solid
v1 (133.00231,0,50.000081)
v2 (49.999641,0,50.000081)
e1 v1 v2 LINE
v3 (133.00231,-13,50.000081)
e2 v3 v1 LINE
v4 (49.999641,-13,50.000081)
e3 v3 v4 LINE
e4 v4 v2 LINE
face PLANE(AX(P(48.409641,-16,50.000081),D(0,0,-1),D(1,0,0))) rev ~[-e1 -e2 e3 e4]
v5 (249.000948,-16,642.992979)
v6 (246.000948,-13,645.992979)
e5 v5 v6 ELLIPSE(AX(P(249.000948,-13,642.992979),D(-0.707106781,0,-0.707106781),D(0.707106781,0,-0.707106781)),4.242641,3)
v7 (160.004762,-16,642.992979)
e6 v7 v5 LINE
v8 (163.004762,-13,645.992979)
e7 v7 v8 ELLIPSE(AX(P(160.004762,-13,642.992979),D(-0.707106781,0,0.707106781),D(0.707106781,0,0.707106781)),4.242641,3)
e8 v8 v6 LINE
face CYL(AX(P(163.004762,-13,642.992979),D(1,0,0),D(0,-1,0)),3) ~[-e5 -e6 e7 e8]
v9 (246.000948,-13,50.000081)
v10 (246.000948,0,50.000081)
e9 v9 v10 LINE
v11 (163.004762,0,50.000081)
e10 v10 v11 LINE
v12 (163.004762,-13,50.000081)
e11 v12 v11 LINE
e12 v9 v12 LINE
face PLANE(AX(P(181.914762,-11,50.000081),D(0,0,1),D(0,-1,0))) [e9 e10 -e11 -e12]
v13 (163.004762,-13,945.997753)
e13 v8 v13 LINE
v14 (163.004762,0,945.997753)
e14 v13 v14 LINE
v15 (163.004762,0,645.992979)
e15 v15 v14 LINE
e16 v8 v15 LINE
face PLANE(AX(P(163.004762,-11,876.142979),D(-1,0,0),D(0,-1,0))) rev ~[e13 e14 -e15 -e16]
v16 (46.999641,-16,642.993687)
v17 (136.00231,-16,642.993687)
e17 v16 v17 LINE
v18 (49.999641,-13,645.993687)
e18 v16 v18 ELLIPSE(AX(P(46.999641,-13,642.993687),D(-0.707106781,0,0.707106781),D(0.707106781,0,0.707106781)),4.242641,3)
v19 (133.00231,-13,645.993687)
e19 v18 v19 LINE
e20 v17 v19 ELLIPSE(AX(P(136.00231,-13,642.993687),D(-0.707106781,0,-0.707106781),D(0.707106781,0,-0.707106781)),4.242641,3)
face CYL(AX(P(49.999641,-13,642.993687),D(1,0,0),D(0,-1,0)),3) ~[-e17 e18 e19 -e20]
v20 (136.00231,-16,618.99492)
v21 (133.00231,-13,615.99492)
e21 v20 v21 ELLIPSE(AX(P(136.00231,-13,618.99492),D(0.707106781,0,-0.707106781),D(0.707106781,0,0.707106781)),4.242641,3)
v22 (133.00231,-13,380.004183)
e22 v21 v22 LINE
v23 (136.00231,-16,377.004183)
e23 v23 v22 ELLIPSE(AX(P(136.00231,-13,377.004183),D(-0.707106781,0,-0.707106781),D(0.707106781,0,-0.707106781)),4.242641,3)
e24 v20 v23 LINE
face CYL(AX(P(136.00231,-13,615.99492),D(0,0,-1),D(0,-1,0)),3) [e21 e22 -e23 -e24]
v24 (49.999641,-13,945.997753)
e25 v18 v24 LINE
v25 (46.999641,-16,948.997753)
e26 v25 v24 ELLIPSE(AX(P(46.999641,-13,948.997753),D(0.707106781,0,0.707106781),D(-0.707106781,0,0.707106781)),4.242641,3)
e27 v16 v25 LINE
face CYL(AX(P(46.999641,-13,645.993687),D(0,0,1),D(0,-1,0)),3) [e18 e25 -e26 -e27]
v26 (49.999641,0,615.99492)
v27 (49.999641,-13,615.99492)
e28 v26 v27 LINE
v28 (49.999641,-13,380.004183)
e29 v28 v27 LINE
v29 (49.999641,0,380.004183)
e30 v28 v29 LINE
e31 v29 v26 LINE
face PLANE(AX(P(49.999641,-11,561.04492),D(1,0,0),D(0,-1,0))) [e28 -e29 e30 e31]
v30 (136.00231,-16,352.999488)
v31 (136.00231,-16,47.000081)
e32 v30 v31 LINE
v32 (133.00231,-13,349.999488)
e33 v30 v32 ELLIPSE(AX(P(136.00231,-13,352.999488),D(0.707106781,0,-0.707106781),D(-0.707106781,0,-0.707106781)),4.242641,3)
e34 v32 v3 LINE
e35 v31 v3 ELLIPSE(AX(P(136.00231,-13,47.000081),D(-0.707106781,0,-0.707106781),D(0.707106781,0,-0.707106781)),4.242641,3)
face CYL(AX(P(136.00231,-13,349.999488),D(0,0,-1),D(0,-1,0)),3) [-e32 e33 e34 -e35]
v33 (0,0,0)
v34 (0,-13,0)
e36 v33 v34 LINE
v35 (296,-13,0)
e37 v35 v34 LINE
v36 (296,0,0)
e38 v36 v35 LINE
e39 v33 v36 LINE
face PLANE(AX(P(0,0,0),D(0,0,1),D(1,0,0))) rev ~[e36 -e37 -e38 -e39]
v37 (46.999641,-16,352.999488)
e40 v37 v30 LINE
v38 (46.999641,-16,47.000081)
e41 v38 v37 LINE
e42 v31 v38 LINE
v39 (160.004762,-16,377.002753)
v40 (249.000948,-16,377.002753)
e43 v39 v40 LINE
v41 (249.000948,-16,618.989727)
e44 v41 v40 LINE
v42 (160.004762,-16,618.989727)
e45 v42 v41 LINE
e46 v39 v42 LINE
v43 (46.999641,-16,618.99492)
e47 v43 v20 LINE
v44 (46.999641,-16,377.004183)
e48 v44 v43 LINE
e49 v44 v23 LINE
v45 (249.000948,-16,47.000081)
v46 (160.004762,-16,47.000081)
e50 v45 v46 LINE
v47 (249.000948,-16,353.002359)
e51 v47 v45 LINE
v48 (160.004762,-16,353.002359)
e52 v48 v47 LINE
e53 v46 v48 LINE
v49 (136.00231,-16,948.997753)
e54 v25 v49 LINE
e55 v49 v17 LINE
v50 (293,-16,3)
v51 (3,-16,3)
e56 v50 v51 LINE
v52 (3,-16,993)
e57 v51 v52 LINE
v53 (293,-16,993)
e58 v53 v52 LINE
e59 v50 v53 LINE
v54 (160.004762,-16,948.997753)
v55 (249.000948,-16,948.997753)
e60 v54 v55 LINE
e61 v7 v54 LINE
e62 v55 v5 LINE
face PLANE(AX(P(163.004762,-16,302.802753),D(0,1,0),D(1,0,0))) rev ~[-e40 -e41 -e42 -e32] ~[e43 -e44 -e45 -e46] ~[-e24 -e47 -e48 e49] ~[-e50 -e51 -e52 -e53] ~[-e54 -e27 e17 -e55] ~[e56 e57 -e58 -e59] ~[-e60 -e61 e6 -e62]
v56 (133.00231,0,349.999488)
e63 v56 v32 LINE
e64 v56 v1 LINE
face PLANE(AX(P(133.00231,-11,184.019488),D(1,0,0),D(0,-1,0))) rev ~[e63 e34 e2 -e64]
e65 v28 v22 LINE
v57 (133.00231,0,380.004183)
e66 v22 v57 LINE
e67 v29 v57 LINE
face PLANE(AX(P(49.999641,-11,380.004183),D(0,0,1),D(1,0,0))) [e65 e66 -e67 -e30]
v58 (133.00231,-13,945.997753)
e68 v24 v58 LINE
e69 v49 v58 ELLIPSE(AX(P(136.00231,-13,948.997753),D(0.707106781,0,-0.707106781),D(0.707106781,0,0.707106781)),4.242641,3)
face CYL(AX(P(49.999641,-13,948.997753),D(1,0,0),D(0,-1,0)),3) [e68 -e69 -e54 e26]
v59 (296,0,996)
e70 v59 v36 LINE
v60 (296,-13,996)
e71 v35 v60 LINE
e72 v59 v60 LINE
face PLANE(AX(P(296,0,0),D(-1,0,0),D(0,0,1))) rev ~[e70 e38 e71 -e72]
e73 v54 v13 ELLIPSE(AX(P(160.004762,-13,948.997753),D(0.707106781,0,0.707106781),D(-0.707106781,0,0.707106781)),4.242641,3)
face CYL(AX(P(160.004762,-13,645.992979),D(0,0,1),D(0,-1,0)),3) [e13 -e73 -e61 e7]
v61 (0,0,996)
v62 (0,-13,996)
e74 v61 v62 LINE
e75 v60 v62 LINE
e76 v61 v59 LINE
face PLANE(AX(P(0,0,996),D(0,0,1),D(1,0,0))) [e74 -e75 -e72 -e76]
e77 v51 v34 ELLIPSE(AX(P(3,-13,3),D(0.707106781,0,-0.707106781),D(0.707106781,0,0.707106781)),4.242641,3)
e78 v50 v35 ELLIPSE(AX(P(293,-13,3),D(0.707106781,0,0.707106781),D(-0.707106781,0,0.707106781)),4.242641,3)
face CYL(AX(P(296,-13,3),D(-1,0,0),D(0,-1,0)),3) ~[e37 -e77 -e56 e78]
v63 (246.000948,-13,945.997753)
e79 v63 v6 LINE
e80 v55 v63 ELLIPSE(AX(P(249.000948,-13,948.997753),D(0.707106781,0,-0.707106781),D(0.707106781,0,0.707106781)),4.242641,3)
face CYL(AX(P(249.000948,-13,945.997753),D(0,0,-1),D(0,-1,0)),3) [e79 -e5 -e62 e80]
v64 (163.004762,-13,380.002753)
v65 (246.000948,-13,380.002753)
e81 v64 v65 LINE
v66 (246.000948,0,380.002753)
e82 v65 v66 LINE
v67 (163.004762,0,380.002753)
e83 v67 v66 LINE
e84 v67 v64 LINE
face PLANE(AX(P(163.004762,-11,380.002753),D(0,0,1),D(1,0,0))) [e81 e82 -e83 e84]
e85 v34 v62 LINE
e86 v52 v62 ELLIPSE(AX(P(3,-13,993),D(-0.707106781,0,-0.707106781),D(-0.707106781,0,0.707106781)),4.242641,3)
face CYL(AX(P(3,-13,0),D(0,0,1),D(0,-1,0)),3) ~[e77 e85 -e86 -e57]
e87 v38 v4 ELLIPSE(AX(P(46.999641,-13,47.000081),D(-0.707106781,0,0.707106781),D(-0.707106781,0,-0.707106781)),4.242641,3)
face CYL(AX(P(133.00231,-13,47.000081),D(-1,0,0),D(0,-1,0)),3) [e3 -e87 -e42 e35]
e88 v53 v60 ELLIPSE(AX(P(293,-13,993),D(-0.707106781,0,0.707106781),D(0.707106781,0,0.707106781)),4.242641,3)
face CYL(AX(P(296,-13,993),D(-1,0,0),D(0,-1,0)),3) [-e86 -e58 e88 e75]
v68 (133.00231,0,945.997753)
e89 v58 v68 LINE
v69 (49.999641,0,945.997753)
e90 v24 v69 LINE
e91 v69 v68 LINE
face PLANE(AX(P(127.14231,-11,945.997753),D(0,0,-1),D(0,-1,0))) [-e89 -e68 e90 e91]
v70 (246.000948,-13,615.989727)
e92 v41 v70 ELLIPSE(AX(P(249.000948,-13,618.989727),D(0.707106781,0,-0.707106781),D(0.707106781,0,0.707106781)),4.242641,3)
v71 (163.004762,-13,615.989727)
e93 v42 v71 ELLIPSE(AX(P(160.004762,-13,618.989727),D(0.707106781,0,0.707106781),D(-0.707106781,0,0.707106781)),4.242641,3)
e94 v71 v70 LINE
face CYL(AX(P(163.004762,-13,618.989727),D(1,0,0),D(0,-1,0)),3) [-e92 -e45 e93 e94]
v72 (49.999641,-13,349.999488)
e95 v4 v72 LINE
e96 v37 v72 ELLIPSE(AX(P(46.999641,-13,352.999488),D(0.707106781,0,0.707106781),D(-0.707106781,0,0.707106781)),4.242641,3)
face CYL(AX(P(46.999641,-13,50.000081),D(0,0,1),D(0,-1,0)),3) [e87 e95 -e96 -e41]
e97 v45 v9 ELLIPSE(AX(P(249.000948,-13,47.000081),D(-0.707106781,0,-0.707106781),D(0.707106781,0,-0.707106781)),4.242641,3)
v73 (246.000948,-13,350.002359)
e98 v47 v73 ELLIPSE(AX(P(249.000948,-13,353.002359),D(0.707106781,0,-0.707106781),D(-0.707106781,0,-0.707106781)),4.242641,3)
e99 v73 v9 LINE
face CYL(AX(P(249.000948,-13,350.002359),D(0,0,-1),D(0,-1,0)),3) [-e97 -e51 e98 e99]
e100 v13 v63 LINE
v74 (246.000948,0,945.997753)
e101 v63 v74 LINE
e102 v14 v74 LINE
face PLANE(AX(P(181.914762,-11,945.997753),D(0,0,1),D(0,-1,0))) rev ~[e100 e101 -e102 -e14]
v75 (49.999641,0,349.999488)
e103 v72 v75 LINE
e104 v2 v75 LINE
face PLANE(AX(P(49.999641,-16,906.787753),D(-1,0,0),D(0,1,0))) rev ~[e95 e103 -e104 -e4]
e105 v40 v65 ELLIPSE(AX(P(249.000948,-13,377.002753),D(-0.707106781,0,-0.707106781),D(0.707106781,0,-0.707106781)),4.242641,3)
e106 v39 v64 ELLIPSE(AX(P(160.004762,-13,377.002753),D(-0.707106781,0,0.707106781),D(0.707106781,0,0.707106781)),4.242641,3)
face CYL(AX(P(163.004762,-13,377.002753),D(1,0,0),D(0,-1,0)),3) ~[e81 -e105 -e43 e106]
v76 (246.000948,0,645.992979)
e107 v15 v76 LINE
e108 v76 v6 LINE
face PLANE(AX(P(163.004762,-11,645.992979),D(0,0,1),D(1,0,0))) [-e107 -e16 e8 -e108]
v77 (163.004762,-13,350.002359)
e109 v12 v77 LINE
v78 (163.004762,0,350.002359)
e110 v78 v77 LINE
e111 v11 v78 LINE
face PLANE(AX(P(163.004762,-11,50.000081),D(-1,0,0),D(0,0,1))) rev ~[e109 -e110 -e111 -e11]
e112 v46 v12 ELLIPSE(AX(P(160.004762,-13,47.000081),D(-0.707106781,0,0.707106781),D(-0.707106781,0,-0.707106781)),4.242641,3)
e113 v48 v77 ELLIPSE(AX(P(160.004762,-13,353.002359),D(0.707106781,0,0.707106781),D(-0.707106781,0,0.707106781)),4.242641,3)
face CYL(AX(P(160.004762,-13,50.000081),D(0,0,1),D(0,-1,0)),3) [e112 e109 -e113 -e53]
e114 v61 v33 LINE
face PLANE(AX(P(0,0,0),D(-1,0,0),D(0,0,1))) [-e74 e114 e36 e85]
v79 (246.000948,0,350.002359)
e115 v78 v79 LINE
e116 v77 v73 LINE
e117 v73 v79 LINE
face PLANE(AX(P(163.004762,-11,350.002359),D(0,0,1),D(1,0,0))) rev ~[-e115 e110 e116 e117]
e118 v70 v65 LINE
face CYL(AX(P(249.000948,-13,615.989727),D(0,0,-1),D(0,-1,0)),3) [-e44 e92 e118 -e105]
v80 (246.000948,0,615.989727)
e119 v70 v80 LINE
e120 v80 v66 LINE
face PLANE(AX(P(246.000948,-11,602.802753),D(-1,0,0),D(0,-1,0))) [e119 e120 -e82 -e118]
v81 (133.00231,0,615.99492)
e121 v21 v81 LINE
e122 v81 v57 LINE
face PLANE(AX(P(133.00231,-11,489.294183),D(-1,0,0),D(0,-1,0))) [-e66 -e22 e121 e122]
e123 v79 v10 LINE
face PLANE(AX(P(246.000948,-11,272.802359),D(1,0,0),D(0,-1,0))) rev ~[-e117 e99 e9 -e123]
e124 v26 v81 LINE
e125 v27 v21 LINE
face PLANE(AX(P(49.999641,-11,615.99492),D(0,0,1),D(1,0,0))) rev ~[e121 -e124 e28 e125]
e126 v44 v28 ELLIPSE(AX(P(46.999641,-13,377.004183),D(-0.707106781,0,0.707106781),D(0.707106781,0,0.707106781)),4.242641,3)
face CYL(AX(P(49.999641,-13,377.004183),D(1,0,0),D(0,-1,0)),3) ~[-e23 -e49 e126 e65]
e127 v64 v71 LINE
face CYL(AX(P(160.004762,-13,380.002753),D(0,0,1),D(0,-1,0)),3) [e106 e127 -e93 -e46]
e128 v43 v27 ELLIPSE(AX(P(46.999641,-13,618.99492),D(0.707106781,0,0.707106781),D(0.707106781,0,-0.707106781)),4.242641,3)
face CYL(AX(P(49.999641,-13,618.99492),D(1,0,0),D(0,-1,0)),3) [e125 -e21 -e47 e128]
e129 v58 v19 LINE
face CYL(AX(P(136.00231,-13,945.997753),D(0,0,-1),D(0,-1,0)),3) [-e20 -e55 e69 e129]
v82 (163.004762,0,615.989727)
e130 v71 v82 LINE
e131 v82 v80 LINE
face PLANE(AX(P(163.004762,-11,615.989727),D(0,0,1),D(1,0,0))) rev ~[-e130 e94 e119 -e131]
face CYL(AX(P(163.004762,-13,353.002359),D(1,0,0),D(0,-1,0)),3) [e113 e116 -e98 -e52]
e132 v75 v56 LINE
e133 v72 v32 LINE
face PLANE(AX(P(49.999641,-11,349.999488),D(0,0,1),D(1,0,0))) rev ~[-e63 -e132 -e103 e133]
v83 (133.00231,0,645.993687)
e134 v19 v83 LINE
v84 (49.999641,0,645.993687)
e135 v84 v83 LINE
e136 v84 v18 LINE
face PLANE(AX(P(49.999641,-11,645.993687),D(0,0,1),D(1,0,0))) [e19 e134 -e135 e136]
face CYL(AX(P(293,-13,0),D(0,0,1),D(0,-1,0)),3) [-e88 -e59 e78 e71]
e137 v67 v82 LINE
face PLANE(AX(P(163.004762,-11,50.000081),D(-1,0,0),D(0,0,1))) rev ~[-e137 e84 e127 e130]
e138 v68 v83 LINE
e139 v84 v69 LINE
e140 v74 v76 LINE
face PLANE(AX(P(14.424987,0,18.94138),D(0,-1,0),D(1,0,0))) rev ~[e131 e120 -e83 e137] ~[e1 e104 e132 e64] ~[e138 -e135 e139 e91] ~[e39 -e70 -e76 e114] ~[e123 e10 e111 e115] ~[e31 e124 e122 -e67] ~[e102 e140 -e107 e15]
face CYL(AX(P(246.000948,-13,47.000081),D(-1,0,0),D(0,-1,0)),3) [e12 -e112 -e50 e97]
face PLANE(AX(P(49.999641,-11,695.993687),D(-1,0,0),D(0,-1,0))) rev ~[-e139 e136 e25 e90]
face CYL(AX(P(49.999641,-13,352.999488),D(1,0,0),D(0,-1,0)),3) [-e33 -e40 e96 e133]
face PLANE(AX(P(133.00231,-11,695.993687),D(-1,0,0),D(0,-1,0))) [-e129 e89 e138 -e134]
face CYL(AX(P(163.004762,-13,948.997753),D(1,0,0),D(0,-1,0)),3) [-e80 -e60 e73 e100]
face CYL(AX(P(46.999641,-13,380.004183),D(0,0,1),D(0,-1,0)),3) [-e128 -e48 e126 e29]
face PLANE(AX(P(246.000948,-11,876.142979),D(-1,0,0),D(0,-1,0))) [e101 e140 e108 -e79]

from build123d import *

# Parameters (mm, degrees)
F0_W      = 28.8499742746
F0_H      = 37.8827601671
F1_DEPTH  = 16
F2_DEPTH  = 296
F3_DEPTH  = 996
F4_W      = 199.8313069344
F4_H      = 801.1276721954
F5_DEPTH  = 5
F6_DEPTH  = 39.21
F7_DEPTH  = 2.24
F8_DEPTH  = 55.66
F9_DEPTH  = 1.59
F10_W     = 54.77245152
F10_H     = 895.9976721954
F11_DEPTH = 5
F12_DEPTH = 5.86
F13_DEPTH = 18.91
F14_W     = 83.0026693535
F14_H     = 34.9487662315
F14_H_2   = 55.274695158
F15_W     = 82.9961860609
F15_H     = 44.8832511902
F15_H_2   = 52.5203943253
F16_DEPTH = 5
F17_DEPTH = 300
F18_DEPTH = 300
F19_DEPTH = 324.79
F20_DEPTH = 324.79
F21_DEPTH = 250
F22_DEPTH = 250
F23_DEPTH = 100
F24_DEPTH = 100
F25_DEPTH = 50
F26_DEPTH = 50
F27_DEPTH = 134.02
F28_DEPTH = 100
F29_DEPTH = 100
F30_DEPTH = 100
F31_DEPTH = 50
F32_DEPTH = 54.95
F33_DEPTH = 50
F34_DEPTH = 109.29
F35_DEPTH = 14.88
F36_DEPTH = 230.15
F37_DEPTH = 230.15
F38_DEPTH = 22.52
F39_DEPTH = 77.2
F40_DEPTH = 77.2
F41_DEPTH = 11
F42_R     = 3


with BuildPart() as f1:
    # F0 (on Front) → F1 (new body)
    with BuildSketch(Plane.XZ):
        with Locations((14.4249871373, 18.9413800836)):
            Rectangle(F0_W, F0_H)
    extrude(amount=F1_DEPTH)

    # F2 (add): a face of the model
    f2_faces = [f1.faces().sort_by_distance(p)[0] for p in [
        (0, -8, 18.9413800836),
    ]]
    extrude(f2_faces, amount=-F2_DEPTH)

    # F3 (add): a face of the model
    f3_faces = [f1.faces().sort_by_distance(p)[0] for p in [
        (148, -8, 0),
    ]]
    extrude(f3_faces, amount=-F3_DEPTH)

    # F4 (on face) → F5 (cut)
    with BuildSketch(Plane.XZ.offset(16)):
        with Locations((148.3252942562, 506.2239170074)):
            Rectangle(F4_W, F4_H)
    extrude(amount=-F5_DEPTH, mode=Mode.SUBTRACT)

    # F6 (cut): a face of the model
    f6_faces = [f1.faces().sort_by_distance(p)[0] for p in [
        (148.3252942562, -13.5, 906.7877531052),
    ]]
    extrude(f6_faces, amount=-F6_DEPTH, mode=Mode.SUBTRACT)

    # F7 (add): a face of the model
    f7_faces = [f1.faces().sort_by_distance(p)[0] for p in [
        (248.2409477234, -13.5, 525.8289170074),
    ]]
    extrude(f7_faces, amount=F7_DEPTH)

    # F8 (cut): a face of the model
    f8_faces = [f1.faces().sort_by_distance(p)[0] for p in [
        (147.2052942562, -13.5, 105.6600809097),
    ]]
    extrude(f8_faces, amount=-F8_DEPTH, mode=Mode.SUBTRACT)

    # F9 (add): a face of the model
    f9_faces = [f1.faces().sort_by_distance(p)[0] for p in [
        (48.409640789, -13.5, 497.9989170074),
    ]]
    extrude(f9_faces, amount=F9_DEPTH)

    # F10 (on face) → F11 (join)
    with BuildSketch(Plane.XZ.offset(11)):
        with Locations((154.5285359025, 497.9989170074)):
            Rectangle(F10_W, F10_H)
    extrude(amount=F11_DEPTH)

    # F12 (cut): a face of the model
    f12_faces = [f1.faces().sort_by_distance(p)[0] for p in [
        (127.1423101425, -13.5, 497.9989170074),
    ]]
    extrude(f12_faces, amount=-F12_DEPTH, mode=Mode.SUBTRACT)

    # F13 (cut): a face of the model
    f13_faces = [f1.faces().sort_by_distance(p)[0] for p in [
        (181.9147616625, -13.5, 497.9989170074),
    ]]
    extrude(f13_faces, amount=-F13_DEPTH, mode=Mode.SUBTRACT)

    # F14 (on face) + F15 (on face) → F16 (join)
    with BuildSketch(Plane.XZ.offset(11)):
        with Locations((91.5009754658, 853.3093035221)):
            Rectangle(F14_W, F14_H)
        with Locations((91.5009754658, 511.6568356752)):
            Rectangle(F14_W, F14_H_2)
    with BuildSketch(Plane.XZ.offset(11)):
        with Locations((204.5028546929, 853.7013530731)):
            Rectangle(F15_W, F15_H)
        with Locations((204.5028546929, 576.5425562859)):
            Rectangle(F15_W, F15_H_2)
    extrude(amount=F16_DEPTH)

    # F17 (add): faces of the model
    f17_faces = [f1.faces().sort_by_distance(p)[0] for p in [
        (204.5028546929, -13.5, 550.2823591232),
        (91.5009754658, -13.5, 484.0194880962),
    ]]
    extrude(f17_faces, amount=F17_DEPTH)

    # F18 (cut): faces of the model
    f18_faces = [f1.faces().sort_by_distance(p)[0] for p in [
        (91.5009754658, -13.5, 539.2941832542),
        (204.5028546929, -13.5, 602.8027534485),
    ]]
    extrude(f18_faces, amount=-F18_DEPTH, mode=Mode.SUBTRACT)

    # F19 (add): a face of the model
    f19_faces = [f1.faces().sort_by_distance(p)[0] for p in [
        (91.5009754658, -13.5, 835.8349204063),
    ]]
    extrude(f19_faces, amount=F19_DEPTH)

    # F20 (cut): a face of the model
    f20_faces = [f1.faces().sort_by_distance(p)[0] for p in [
        (91.5009754658, -13.5, 870.7836866379),
    ]]
    extrude(f20_faces, amount=-F20_DEPTH, mode=Mode.SUBTRACT)

    # F21 (add): a face of the model
    f21_faces = [f1.faces().sort_by_distance(p)[0] for p in [
        (91.5009754658, -13.5, 239.2941832542),
    ]]
    extrude(f21_faces, amount=F21_DEPTH)

    # F22 (cut): a face of the model
    f22_faces = [f1.faces().sort_by_distance(p)[0] for p in [
        (91.5009754658, -13.5, 184.0194880962),
    ]]
    extrude(f22_faces, amount=-F22_DEPTH, mode=Mode.SUBTRACT)

    # F23 (add): a face of the model
    f23_faces = [f1.faces().sort_by_distance(p)[0] for p in [
        (91.5009754658, -13.5, 545.9936866379),
    ]]
    extrude(f23_faces, amount=F23_DEPTH)

    # F24 (cut): a face of the model
    f24_faces = [f1.faces().sort_by_distance(p)[0] for p in [
        (91.5009754658, -13.5, 511.0449204063),
    ]]
    extrude(f24_faces, amount=-F24_DEPTH, mode=Mode.SUBTRACT)

    # F25 (add): a face of the model
    f25_faces = [f1.faces().sort_by_distance(p)[0] for p in [
        (91.5009754658, -13.5, 645.9936866379),
    ]]
    extrude(f25_faces, amount=F25_DEPTH)

    # F26 (cut): a face of the model
    f26_faces = [f1.faces().sort_by_distance(p)[0] for p in [
        (91.5009754658, -13.5, 611.0449204063),
    ]]
    extrude(f26_faces, amount=-F26_DEPTH, mode=Mode.SUBTRACT)

    # F27 (add): a face of the model
    f27_faces = [f1.faces().sort_by_distance(p)[0] for p in [
        (91.5009754658, -13.5, 434.0194880962),
    ]]
    extrude(f27_faces, amount=F27_DEPTH)

    # F28 (cut): a face of the model
    f28_faces = [f1.faces().sort_by_distance(p)[0] for p in [
        (91.5009754658, -13.5, 299.9994880962),
    ]]
    extrude(f28_faces, amount=-F28_DEPTH, mode=Mode.SUBTRACT)

    # F29 (add): a face of the model
    f29_faces = [f1.faces().sort_by_distance(p)[0] for p in [
        (91.5009754658, -13.5, 661.0449204063),
    ]]
    extrude(f29_faces, amount=F29_DEPTH)

    # F30 (cut): a face of the model
    f30_faces = [f1.faces().sort_by_distance(p)[0] for p in [
        (91.5009754658, -13.5, 695.9936866379),
    ]]
    extrude(f30_faces, amount=-F30_DEPTH, mode=Mode.SUBTRACT)

    # F31 (add): a face of the model
    f31_faces = [f1.faces().sort_by_distance(p)[0] for p in [
        (91.5009754658, -13.5, 595.9936866379),
    ]]
    extrude(f31_faces, amount=F31_DEPTH)

    # F32 (cut): a face of the model
    f32_faces = [f1.faces().sort_by_distance(p)[0] for p in [
        (91.5009754658, -13.5, 561.0449204063),
    ]]
    extrude(f32_faces, amount=-F32_DEPTH, mode=Mode.SUBTRACT)

    # F33 (add): a face of the model
    f33_faces = [f1.faces().sort_by_distance(p)[0] for p in [
        (91.5009754658, -13.5, 399.9994880962),
    ]]
    extrude(f33_faces, amount=F33_DEPTH)

    # F34 (cut): a face of the model
    f34_faces = [f1.faces().sort_by_distance(p)[0] for p in [
        (91.5009754658, -13.5, 489.2941832542),
    ]]
    extrude(f34_faces, amount=-F34_DEPTH, mode=Mode.SUBTRACT)

    # F35 (cut): a face of the model
    f35_faces = [f1.faces().sort_by_distance(p)[0] for p in [
        (204.5028546929, -13.5, 831.259727478),
    ]]
    extrude(f35_faces, amount=-F35_DEPTH, mode=Mode.SUBTRACT)

    # F36 (add): a face of the model
    f36_faces = [f1.faces().sort_by_distance(p)[0] for p in [
        (204.5028546929, -13.5, 846.139727478),
    ]]
    extrude(f36_faces, amount=F36_DEPTH)

    # F37 (cut): a face of the model
    f37_faces = [f1.faces().sort_by_distance(p)[0] for p in [
        (204.5028546929, -13.5, 876.1429786682),
    ]]
    extrude(f37_faces, amount=-F37_DEPTH, mode=Mode.SUBTRACT)

    # F38 (cut): a face of the model
    f38_faces = [f1.faces().sort_by_distance(p)[0] for p in [
        (204.5028546929, -13.5, 250.2823591232),
    ]]
    extrude(f38_faces, amount=-F38_DEPTH, mode=Mode.SUBTRACT)

    # F39 (add): a face of the model
    f39_faces = [f1.faces().sort_by_distance(p)[0] for p in [
        (204.5028546929, -13.5, 302.8027534485),
    ]]
    extrude(f39_faces, amount=F39_DEPTH)

    # F40 (cut): a face of the model
    f40_faces = [f1.faces().sort_by_distance(p)[0] for p in [
        (204.5028546929, -13.5, 272.8023591232),
    ]]
    extrude(f40_faces, amount=-F40_DEPTH, mode=Mode.SUBTRACT)

    # F41 (cut): faces of the model
    f41_faces = [f1.faces().sort_by_distance(p)[0] for p in [
        (91.5009754658, -11, 795.9957198715),
        (204.5028546929, -11, 795.9953658867),
        (204.5028546929, -11, 497.9962404633),
        (91.5009754658, -11, 497.9995518303),
        (91.5009754658, -11, 199.999784503),
        (204.5028546929, -11, 200.0012200165),
    ]]
    extrude(f41_faces, amount=-F41_DEPTH, mode=Mode.SUBTRACT)

    # F42
    f42_edges = [f1.edges().sort_by_distance(p)[0] for p in [
        (0, -16, 498),
        (148, -16, 0),
        (296, -16, 498),
        (148, -16, 996),
        (133.00231, -16, 199.999785),
        (91.500975, -16, 50.000081),
        (49.999641, -16, 199.999785),
        (91.500975, -16, 349.999488),
        (246.000948, -16, 200.00122),
        (204.502855, -16, 50.000081),
        (163.004762, -16, 200.00122),
        (204.502855, -16, 350.002359),
        (163.004762, -16, 497.99624),
        (204.502855, -16, 615.989727),
        (246.000948, -16, 497.99624),
        (204.502855, -16, 380.002753),
        (91.500975, -16, 615.99492),
        (133.00231, -16, 497.999552),
        (91.500975, -16, 380.004183),
        (49.999641, -16, 497.999552),
        (49.999641, -16, 795.99572),
        (91.500975, -16, 945.997753),
        (133.00231, -16, 795.99572),
        (91.500975, -16, 645.993687),
        (163.004762, -16, 795.995366),
        (204.502855, -16, 945.997753),
        (246.000948, -16, 795.995366),
        (204.502855, -16, 645.992979),
    ]]
    fillet(f42_edges, radius=F42_R)


solid = f1.part
